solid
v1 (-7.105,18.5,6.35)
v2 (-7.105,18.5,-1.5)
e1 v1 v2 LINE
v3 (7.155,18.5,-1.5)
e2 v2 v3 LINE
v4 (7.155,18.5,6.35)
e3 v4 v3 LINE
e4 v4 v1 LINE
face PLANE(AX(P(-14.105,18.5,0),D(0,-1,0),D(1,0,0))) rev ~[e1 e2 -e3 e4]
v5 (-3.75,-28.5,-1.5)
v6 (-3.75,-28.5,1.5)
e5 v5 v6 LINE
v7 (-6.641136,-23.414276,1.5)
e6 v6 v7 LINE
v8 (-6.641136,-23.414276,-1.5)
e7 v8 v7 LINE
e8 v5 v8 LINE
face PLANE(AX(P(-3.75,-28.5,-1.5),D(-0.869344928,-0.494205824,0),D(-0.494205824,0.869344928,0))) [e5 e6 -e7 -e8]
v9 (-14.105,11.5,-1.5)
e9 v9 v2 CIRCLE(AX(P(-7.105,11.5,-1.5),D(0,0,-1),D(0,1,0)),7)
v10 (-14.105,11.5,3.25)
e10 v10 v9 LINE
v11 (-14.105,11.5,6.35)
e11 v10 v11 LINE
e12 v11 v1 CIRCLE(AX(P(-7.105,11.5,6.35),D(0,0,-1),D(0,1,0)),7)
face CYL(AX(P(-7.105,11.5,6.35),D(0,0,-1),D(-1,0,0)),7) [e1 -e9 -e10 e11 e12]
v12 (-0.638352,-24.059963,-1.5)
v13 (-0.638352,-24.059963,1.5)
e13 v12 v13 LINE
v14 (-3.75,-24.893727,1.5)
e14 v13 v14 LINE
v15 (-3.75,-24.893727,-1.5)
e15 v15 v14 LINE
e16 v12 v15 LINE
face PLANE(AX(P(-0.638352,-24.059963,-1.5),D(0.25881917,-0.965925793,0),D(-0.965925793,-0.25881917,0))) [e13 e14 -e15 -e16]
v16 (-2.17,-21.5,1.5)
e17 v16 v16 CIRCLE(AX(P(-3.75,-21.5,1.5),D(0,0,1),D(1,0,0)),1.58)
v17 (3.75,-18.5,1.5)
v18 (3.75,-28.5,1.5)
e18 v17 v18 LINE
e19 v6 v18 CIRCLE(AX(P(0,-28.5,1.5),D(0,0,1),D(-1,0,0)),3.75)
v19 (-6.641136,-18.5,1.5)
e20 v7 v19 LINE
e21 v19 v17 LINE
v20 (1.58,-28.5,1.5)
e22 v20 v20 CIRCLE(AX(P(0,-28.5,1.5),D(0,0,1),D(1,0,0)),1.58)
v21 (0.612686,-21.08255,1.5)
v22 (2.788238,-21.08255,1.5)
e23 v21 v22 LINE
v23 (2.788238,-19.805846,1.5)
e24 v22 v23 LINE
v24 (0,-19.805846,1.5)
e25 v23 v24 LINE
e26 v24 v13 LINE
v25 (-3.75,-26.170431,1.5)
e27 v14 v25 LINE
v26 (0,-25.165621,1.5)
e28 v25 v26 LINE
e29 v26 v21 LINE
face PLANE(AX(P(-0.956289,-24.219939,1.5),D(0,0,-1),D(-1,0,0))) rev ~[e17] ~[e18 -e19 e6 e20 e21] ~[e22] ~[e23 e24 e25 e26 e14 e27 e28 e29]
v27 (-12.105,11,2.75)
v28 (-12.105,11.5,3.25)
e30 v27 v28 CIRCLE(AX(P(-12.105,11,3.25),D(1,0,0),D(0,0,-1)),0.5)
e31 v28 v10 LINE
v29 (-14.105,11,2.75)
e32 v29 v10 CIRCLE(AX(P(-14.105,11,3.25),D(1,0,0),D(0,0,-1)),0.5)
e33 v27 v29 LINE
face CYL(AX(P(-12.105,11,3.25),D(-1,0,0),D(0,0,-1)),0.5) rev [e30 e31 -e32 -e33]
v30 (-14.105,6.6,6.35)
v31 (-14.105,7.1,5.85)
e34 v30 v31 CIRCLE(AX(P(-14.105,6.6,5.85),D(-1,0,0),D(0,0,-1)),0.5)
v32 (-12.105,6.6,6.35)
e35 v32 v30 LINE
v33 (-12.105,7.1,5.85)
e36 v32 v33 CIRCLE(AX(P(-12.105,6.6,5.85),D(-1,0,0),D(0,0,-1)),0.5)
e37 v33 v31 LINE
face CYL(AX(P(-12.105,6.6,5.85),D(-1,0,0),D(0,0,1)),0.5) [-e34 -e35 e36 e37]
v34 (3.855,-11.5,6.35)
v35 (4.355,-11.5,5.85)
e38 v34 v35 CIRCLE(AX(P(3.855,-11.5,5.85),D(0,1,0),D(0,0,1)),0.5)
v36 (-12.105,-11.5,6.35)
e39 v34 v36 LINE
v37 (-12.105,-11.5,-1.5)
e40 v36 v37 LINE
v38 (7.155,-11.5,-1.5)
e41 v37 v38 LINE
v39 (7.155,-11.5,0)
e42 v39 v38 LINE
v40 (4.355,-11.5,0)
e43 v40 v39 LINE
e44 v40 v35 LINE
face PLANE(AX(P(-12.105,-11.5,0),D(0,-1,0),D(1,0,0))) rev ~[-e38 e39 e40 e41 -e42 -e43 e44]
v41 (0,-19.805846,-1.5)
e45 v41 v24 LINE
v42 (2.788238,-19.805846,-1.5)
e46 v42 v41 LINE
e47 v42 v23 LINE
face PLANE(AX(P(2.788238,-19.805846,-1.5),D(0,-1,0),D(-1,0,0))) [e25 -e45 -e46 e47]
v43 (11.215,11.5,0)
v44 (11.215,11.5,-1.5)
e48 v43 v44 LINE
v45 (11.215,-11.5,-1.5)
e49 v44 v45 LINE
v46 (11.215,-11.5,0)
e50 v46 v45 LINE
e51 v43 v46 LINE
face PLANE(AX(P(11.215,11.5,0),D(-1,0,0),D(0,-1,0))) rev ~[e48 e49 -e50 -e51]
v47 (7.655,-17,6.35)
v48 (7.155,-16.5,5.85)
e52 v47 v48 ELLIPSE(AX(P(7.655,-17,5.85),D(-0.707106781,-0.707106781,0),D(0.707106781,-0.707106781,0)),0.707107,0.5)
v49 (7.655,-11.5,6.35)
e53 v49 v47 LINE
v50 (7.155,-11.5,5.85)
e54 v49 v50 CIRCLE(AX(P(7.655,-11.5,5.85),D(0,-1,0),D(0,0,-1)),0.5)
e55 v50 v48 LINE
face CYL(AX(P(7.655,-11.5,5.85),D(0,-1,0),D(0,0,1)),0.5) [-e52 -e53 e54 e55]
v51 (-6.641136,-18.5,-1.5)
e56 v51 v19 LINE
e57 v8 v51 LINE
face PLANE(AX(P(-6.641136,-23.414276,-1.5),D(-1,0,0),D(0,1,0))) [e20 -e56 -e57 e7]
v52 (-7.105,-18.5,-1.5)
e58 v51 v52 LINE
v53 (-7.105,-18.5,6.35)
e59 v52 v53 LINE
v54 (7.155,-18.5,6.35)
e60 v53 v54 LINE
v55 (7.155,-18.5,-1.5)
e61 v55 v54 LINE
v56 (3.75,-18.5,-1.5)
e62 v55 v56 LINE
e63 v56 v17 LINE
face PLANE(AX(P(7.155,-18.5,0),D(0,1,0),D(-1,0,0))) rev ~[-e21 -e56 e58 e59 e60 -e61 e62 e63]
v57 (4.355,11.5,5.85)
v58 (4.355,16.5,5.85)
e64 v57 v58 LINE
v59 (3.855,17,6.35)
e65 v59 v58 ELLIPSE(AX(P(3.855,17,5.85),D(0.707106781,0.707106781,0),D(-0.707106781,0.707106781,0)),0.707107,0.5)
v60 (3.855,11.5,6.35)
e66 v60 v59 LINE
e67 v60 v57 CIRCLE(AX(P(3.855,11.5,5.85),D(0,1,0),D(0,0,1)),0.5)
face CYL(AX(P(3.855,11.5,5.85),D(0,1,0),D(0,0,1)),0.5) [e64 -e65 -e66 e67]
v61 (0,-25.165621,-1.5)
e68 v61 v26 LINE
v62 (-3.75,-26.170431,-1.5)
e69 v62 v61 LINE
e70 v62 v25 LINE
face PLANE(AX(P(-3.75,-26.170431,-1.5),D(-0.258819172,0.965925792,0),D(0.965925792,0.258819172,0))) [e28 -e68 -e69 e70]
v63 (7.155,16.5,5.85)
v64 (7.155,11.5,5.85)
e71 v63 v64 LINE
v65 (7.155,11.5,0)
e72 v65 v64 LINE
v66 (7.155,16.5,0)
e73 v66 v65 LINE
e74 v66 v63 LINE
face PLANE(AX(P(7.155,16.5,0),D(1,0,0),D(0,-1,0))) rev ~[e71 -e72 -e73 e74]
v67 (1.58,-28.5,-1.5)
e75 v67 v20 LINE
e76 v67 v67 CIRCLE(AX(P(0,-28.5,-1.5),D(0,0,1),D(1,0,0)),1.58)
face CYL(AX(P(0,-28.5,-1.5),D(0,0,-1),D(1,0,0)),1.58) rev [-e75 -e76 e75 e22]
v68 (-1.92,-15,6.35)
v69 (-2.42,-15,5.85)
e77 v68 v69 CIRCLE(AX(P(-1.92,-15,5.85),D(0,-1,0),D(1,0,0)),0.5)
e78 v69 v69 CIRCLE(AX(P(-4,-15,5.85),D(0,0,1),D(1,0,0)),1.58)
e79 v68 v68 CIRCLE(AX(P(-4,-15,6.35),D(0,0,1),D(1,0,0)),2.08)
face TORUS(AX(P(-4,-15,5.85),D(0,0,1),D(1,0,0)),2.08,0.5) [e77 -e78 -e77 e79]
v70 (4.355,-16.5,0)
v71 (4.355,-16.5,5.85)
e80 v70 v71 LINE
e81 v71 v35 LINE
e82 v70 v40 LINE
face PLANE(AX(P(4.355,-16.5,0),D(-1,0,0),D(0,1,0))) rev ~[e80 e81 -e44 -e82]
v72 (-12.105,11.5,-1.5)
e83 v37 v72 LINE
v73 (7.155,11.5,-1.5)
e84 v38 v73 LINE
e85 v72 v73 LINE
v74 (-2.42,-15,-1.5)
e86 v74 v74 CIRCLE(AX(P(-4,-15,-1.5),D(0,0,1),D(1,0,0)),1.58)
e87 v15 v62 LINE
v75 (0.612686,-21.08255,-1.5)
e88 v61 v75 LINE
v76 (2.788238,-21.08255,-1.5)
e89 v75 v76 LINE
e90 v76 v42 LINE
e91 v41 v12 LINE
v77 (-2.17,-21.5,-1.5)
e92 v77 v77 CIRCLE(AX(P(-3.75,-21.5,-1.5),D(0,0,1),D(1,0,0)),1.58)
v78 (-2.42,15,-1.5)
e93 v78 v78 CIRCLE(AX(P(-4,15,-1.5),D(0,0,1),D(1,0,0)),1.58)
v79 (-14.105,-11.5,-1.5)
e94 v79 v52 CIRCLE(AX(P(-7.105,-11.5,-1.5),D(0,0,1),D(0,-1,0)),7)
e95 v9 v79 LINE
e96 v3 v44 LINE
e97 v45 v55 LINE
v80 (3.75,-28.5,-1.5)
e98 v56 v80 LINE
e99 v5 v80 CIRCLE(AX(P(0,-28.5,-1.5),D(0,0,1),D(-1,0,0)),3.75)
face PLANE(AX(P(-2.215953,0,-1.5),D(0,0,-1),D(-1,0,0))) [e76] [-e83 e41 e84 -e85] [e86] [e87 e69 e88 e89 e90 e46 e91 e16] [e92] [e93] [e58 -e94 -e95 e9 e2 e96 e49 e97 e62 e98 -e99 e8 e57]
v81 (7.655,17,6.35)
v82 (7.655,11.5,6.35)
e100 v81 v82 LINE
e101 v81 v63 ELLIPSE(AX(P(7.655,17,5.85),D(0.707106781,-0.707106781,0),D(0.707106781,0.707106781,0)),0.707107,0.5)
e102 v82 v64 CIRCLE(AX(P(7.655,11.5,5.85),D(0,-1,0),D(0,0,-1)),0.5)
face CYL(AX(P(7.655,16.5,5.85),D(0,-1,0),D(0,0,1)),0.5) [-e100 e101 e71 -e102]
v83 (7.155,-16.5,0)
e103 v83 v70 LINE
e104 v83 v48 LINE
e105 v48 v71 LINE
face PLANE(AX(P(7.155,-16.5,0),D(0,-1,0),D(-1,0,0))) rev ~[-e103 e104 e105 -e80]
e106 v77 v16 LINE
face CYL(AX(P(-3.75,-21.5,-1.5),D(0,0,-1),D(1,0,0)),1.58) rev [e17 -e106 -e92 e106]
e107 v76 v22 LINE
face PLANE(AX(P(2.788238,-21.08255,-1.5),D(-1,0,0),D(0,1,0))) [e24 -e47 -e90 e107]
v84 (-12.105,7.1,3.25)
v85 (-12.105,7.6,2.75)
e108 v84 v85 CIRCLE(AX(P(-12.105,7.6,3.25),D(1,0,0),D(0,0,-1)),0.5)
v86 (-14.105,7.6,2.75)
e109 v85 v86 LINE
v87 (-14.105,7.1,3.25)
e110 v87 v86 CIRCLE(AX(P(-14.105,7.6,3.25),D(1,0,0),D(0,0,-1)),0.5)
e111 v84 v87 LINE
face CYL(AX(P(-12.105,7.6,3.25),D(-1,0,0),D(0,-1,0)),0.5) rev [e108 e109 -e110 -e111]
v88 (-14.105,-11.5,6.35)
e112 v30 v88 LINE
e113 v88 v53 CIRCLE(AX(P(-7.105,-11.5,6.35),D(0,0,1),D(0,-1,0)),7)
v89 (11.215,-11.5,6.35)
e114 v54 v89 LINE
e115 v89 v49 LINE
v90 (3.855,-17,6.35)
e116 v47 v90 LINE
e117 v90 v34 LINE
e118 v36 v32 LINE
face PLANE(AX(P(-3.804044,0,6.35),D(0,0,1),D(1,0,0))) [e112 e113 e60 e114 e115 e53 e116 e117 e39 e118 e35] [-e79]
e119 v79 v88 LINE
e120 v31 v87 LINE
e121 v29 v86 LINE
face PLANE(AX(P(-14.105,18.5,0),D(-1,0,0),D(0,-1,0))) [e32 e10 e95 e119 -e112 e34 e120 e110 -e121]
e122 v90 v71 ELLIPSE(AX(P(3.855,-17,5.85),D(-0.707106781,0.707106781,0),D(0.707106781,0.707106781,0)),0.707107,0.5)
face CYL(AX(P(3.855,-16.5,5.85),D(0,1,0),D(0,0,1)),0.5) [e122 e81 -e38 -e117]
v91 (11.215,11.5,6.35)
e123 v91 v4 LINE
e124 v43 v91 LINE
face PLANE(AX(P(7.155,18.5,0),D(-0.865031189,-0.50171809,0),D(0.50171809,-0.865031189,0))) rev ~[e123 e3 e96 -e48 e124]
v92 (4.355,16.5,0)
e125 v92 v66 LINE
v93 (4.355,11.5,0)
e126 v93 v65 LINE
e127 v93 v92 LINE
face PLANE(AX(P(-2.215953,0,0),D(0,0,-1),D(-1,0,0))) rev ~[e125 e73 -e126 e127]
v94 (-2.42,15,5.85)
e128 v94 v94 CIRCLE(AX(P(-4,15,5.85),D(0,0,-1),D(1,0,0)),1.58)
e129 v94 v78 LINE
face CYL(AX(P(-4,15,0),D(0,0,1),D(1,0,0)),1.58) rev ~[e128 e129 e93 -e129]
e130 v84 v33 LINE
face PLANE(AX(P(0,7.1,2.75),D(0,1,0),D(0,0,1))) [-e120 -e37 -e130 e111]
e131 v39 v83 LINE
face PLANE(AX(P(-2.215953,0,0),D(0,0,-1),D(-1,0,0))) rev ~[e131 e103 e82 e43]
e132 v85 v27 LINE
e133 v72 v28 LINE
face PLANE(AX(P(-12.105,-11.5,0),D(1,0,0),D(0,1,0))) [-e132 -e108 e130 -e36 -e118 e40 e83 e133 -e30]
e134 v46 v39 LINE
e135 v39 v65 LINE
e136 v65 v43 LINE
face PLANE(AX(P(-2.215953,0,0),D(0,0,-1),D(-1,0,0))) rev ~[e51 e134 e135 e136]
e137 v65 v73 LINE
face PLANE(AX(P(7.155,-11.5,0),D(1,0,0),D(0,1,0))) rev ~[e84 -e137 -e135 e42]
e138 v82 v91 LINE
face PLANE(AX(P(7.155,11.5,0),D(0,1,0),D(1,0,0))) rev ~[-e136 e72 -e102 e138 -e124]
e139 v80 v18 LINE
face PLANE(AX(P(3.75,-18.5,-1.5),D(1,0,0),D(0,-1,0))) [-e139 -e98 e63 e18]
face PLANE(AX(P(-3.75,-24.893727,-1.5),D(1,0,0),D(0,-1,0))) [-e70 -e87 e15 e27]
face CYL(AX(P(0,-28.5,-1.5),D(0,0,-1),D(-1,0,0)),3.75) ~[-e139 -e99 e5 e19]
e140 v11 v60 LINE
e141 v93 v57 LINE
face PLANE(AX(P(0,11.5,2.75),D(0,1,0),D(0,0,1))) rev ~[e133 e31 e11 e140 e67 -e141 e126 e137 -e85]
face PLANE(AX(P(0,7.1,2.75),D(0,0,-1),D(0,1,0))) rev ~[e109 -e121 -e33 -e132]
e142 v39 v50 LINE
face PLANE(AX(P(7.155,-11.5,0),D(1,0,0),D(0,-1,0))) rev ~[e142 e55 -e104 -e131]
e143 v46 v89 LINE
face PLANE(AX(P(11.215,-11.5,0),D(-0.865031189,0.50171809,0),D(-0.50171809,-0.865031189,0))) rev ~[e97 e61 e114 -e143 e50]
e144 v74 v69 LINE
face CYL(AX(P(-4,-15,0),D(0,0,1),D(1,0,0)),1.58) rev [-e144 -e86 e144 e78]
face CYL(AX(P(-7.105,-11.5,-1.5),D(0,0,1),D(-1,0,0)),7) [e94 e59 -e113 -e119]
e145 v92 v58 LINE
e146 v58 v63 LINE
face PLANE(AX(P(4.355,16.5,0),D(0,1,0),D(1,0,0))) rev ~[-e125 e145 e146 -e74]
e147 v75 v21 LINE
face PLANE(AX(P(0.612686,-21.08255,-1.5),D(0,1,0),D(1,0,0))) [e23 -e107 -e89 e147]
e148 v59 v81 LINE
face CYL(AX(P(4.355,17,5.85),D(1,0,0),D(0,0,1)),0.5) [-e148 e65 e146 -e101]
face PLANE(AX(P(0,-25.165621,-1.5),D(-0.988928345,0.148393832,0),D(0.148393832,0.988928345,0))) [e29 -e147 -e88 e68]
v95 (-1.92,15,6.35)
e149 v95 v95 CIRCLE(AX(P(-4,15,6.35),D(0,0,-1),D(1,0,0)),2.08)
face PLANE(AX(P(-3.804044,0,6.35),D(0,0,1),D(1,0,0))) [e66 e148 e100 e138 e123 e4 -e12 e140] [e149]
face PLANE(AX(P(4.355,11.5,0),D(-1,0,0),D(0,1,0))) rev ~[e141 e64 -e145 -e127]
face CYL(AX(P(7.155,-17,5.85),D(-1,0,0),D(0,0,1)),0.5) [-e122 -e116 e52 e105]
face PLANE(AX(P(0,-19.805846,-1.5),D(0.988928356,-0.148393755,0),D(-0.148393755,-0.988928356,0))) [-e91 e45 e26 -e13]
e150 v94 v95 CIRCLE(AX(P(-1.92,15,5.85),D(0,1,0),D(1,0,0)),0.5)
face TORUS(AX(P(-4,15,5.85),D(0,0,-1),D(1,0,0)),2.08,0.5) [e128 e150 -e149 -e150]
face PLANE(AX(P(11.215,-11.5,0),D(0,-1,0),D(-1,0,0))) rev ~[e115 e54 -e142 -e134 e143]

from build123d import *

# Parameters (mm, degrees)
PAD_DEPTH         = 6.35
SKETCH001_W       = 19.26
SKETCH001_H       = 23
PAD001_DEPTH      = 1.5
SKETCH003_R       = 1.58
POCKET_DEPTH      = 92.53341
POCKET_DEPTH_BACK = 97.38341
SKETCH002_W       = 4.4
SKETCH002_H       = 3.6
POCKET001_DEPTH   = 14.106
SKETCH004_R       = 1.58
PAD002_DEPTH      = 3
FILLET_R          = 7
FILLET001_R       = 0.5


with BuildPart() as part:
    # Sketch → Pad (new body)
    with BuildSketch(Plane.XY):
        Polygon((4.355, -11.5), (-12.105, -11.5), (-12.105, 11.5), (4.355, 11.5), (4.355, 16.5), (7.155, 16.5), (7.155, 11.5), (11.215, 11.5), (7.155, 18.5), (-14.105, 18.5), (-14.105, -18.5), (7.155, -18.5), (11.215, -11.5), (7.155, -11.5), (7.155, -16.5), (4.355, -16.5), align=None)
    extrude(amount=PAD_DEPTH)

    # Sketch001 → Pad001 (join)
    with BuildSketch(Plane.XY):
        Polygon((-14.105, 0), (-14.105, 18.5), (7.155, 18.5), (11.215, 11.5), (11.215, -11.5), (7.155, -18.5), (-14.105, -18.5), align=None)
        with Locations((-2.475, 0)):
            Rectangle(SKETCH001_W, SKETCH001_H, mode=Mode.SUBTRACT)
    extrude(amount=-PAD001_DEPTH)

    # Sketch003 → Pocket (cut, two sides)
    with BuildSketch(Plane.XY) as pocket_sk:
        with Locations((-4, 15)):
            Circle(SKETCH003_R)
    pocket = extrude(amount=-POCKET_DEPTH, mode=Mode.SUBTRACT) + extrude(pocket_sk.sketch, amount=POCKET_DEPTH_BACK, mode=Mode.SUBTRACT)

    # Mirrored: Pocket across Sketch003 H_Axis
    add(pocket.mirror(Plane.ZX), mode=Mode.SUBTRACT)

    # Sketch002 → Pocket001 (cut, through all)
    with BuildSketch(Plane.YZ):
        with Locations((9.3, 4.55)):
            Rectangle(SKETCH002_W, SKETCH002_H)
    extrude(amount=-POCKET001_DEPTH, mode=Mode.SUBTRACT)

    # Sketch004 → Pad002 (join)
    with BuildSketch(Plane.XY.offset(-1.5)):
        with BuildLine():
            Line((-6.641136, -18.5), (3.75, -18.5))
            Line((3.75, -18.5), (3.75, -28.5))
            ThreePointArc((-3.75, -28.5), (0, -32.25), (3.75, -28.5))
            Line((-3.75, -28.5), (-6.641136, -23.414276))
            Line((-6.641136, -23.414276), (-6.641136, -18.5))
        make_face()
        with Locations((0, -28.5)):
            Circle(SKETCH004_R, mode=Mode.SUBTRACT)
        with Locations((-3.75, -21.5)):
            Circle(SKETCH004_R, mode=Mode.SUBTRACT)
        Polygon((2.788238, -19.805846), (0, -19.805846), (-0.638352, -24.059963), (-3.75, -24.893727), (-3.75, -26.170431), (0, -25.165621), (0.612686, -21.08255), (2.788238, -21.08255), align=None, mode=Mode.SUBTRACT)
    extrude(amount=PAD002_DEPTH)

    # Fillet
    fillet_edges = [part.edges().sort_by_distance(p)[0] for p in [
        (-14.105, 18.5, 3.175),
        (-14.105, -18.5, 3.175),
    ]]
    fillet(fillet_edges, radius=FILLET_R)

    # Fillet001
    fillet001_edges = [part.edges().sort_by_distance(p)[0] for p in [
        (-5.58, 15, 6.35),
        (-5.58, -15, 6.35),
        (7.155, -14, 6.35),
        (4.355, -14, 6.35),
        (5.755, -16.5, 6.35),
        (4.355, 14, 6.35),
        (5.755, 16.5, 6.35),
        (7.155, 14, 6.35),
        (-13.105, 7.1, 6.35),
        (-13.105, 7.1, 2.75),
        (-13.105, 11.5, 2.75),
    ]]
    fillet(fillet001_edges, radius=FILLET001_R)


solid = part.part
